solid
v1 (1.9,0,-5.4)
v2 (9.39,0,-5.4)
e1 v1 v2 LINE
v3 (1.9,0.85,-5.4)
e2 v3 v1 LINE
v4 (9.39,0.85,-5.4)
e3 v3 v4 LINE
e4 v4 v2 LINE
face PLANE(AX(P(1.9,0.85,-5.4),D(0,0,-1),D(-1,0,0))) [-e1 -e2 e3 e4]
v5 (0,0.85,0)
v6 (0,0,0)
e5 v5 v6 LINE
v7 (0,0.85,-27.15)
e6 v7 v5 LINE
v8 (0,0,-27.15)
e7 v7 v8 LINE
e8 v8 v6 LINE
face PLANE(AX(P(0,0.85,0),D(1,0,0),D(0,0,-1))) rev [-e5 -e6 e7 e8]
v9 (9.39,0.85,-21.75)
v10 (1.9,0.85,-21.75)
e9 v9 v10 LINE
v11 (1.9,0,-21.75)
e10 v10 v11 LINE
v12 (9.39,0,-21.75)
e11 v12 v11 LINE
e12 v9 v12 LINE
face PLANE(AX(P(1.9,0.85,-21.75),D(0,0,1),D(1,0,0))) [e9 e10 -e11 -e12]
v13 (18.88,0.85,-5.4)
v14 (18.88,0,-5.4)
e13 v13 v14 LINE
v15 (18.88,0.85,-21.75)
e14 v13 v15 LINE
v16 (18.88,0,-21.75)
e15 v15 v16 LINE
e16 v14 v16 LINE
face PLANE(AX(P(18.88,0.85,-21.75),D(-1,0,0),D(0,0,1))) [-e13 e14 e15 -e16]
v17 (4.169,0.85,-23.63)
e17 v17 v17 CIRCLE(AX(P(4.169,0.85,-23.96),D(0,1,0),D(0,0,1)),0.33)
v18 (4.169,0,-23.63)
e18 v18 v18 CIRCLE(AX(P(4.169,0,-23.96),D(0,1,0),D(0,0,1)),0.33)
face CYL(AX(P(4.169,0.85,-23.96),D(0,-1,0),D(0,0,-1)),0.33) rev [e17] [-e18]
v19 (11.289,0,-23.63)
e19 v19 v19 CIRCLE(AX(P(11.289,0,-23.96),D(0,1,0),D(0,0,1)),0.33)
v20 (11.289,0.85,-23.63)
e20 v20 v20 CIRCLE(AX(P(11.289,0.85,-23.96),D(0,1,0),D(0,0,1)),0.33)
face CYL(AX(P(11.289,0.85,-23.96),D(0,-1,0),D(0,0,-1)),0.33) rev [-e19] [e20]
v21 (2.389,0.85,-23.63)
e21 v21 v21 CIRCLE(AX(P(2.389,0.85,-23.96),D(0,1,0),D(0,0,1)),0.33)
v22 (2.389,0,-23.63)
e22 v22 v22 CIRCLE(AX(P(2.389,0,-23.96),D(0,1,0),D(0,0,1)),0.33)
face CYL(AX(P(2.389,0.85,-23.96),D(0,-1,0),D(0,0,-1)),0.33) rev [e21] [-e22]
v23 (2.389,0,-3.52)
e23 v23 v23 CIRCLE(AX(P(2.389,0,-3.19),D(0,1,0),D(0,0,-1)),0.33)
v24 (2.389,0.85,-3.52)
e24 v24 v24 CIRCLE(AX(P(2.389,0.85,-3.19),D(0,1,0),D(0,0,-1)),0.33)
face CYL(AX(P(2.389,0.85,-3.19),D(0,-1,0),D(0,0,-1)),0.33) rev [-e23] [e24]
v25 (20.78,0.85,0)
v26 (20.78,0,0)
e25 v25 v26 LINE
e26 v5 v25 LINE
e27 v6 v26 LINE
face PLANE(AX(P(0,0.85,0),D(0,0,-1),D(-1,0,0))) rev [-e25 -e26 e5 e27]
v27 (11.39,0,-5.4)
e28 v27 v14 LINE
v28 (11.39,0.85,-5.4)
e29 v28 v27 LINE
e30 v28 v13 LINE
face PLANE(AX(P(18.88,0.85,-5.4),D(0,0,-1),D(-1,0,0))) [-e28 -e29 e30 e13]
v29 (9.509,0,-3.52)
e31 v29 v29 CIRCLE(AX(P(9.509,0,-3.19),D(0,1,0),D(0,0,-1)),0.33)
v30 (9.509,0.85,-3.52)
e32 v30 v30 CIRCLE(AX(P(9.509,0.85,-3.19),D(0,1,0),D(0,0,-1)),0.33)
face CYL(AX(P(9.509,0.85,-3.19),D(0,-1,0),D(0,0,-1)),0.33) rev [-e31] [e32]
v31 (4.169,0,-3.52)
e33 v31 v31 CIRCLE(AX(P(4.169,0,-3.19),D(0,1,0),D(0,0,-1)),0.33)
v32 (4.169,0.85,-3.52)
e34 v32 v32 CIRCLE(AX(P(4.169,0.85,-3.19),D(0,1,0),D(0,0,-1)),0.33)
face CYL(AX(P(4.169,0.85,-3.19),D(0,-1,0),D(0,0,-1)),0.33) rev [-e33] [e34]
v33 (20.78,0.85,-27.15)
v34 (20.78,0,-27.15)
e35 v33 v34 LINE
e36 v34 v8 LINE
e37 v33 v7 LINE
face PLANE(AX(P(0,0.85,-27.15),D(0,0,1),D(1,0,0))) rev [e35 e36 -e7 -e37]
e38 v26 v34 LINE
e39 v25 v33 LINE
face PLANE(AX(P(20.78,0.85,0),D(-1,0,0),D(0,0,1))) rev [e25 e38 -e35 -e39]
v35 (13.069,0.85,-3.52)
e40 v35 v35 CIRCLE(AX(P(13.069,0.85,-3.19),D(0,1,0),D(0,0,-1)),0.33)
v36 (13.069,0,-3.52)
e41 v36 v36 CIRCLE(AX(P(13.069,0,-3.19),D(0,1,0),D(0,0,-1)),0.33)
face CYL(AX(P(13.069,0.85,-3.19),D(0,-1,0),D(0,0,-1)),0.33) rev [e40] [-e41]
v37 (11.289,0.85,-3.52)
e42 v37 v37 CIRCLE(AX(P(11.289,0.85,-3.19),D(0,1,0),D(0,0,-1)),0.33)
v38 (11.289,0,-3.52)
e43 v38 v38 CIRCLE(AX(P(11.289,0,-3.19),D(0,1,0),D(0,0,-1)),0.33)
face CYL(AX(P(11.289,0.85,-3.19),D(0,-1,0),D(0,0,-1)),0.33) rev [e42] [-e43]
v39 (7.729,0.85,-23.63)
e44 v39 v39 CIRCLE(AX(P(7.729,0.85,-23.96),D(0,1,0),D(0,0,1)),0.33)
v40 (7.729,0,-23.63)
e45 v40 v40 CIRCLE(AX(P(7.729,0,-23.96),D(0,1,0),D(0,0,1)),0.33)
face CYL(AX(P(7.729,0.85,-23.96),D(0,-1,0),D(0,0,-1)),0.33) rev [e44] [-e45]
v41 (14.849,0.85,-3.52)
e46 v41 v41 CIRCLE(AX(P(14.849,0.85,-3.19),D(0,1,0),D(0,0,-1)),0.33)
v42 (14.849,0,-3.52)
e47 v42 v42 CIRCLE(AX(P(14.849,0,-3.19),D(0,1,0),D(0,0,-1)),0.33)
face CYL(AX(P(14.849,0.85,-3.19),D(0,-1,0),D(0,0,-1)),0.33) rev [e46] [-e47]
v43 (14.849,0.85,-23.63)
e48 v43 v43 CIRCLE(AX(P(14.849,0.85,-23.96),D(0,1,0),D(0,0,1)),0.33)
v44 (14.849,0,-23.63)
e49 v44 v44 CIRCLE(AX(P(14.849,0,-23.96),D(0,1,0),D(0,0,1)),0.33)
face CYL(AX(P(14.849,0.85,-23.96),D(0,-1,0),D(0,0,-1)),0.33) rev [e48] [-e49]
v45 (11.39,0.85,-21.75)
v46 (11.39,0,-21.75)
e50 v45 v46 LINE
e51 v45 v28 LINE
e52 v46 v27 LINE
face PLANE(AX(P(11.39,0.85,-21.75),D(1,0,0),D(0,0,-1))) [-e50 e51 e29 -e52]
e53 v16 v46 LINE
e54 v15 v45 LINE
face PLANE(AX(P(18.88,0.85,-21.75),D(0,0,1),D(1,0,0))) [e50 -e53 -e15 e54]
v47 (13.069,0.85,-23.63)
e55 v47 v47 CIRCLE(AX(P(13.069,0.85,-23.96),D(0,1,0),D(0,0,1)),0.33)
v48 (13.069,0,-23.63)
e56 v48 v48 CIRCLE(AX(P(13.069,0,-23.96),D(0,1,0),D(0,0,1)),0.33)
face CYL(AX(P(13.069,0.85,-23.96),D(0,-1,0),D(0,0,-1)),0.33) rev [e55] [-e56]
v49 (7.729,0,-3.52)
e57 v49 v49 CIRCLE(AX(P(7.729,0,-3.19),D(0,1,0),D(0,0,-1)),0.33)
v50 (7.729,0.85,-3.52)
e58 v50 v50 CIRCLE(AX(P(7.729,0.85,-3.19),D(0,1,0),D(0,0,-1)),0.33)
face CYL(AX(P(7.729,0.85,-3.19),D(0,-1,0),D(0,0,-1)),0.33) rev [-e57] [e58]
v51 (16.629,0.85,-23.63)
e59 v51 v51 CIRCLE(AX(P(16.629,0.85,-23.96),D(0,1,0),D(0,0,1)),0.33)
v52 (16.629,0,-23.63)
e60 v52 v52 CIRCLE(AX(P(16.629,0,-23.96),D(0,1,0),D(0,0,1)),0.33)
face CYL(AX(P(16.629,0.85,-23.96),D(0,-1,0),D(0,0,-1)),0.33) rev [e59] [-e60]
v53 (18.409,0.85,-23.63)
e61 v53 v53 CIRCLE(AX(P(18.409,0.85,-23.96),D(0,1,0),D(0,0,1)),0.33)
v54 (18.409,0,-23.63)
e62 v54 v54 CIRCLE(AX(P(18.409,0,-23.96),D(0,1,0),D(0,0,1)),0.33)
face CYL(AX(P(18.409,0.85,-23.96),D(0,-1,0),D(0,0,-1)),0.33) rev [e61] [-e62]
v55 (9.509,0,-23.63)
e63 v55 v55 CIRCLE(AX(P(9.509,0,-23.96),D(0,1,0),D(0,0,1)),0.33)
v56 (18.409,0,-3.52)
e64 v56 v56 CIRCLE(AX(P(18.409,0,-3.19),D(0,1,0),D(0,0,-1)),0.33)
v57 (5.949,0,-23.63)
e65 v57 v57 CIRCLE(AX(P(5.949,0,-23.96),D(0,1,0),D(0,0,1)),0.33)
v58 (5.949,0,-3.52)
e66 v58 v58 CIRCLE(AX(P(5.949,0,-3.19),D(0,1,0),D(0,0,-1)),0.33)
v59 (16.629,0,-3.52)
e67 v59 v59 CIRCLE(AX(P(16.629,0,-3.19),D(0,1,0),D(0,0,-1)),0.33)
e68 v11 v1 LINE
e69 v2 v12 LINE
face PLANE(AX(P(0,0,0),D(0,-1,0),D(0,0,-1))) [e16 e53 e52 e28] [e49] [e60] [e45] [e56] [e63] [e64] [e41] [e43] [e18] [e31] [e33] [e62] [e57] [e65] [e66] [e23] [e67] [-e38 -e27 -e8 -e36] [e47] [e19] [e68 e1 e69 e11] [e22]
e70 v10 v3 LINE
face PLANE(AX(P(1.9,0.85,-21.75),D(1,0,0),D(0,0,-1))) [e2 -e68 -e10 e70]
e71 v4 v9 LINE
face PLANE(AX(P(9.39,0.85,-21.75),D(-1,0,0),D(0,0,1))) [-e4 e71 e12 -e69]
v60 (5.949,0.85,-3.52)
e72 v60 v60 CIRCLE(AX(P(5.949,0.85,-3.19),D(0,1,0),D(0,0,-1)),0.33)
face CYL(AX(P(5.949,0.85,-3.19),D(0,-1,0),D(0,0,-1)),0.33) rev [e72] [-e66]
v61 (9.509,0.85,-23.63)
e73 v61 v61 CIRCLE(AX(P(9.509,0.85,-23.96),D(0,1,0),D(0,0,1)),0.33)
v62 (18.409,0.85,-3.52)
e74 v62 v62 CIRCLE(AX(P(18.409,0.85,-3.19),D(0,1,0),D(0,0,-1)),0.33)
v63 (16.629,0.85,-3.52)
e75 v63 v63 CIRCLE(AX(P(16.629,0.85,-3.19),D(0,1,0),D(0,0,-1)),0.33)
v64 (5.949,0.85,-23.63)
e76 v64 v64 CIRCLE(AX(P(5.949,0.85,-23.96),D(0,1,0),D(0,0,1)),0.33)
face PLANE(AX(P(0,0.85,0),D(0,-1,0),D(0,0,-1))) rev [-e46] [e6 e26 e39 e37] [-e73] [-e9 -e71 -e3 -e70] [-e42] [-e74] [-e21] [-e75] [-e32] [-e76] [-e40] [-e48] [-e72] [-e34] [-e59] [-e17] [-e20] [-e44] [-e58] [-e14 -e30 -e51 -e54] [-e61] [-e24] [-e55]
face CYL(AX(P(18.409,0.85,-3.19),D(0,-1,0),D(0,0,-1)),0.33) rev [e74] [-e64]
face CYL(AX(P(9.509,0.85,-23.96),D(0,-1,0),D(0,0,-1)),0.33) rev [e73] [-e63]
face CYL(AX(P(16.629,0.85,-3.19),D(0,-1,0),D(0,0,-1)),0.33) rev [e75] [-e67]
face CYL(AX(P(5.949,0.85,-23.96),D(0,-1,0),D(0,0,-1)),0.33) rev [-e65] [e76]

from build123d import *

# Parameters (mm, degrees)
SKETCH1_W           = 20.78
SKETCH1_H           = 27.15
SKETCH1_R           = 0.33
SKETCH1_W_2         = 7.49
SKETCH1_H_2         = 16.35
BOSS_EXTRUDE1_DEPTH = 0.85


with BuildPart() as part:
    # Sketch1 → Boss-Extrude1 (new body)
    with BuildSketch(Plane(origin=(0, 0, 0), x_dir=(1, 0, 0), z_dir=(0, 1, 0))):
        with Locations((10.39, 13.575)):
            Rectangle(SKETCH1_W, SKETCH1_H)
        with Locations(Location((2.389, 23.96, 0), (0, 0, 270))):
            Circle(SKETCH1_R, mode=Mode.SUBTRACT)
        with Locations(Location((4.169, 23.96, 0), (0, 0, 270))):
            Circle(SKETCH1_R, mode=Mode.SUBTRACT)
        with Locations(Location((5.949, 23.96, 0), (0, 0, 270))):
            Circle(SKETCH1_R, mode=Mode.SUBTRACT)
        with Locations(Location((7.729, 23.96, 0), (0, 0, 270))):
            Circle(SKETCH1_R, mode=Mode.SUBTRACT)
        with Locations(Location((9.509, 23.96, 0), (0, 0, 270))):
            Circle(SKETCH1_R, mode=Mode.SUBTRACT)
        with Locations(Location((11.289, 23.96, 0), (0, 0, 270))):
            Circle(SKETCH1_R, mode=Mode.SUBTRACT)
        with Locations(Location((13.069, 23.96, 0), (0, 0, 270))):
            Circle(SKETCH1_R, mode=Mode.SUBTRACT)
        with Locations(Location((14.849, 23.96, 0), (0, 0, 270))):
            Circle(SKETCH1_R, mode=Mode.SUBTRACT)
        with Locations(Location((16.629, 23.96, 0), (0, 0, 270))):
            Circle(SKETCH1_R, mode=Mode.SUBTRACT)
        with Locations(Location((18.409, 23.96, 0), (0, 0, 270))):
            Circle(SKETCH1_R, mode=Mode.SUBTRACT)
        with Locations(Location((18.409, 3.19, 0), (0, 0, 90))):
            Circle(SKETCH1_R, mode=Mode.SUBTRACT)
        with Locations(Location((16.629, 3.19, 0), (0, 0, 90))):
            Circle(SKETCH1_R, mode=Mode.SUBTRACT)
        with Locations(Location((14.849, 3.19, 0), (0, 0, 90))):
            Circle(SKETCH1_R, mode=Mode.SUBTRACT)
        with Locations(Location((13.069, 3.19, 0), (0, 0, 90))):
            Circle(SKETCH1_R, mode=Mode.SUBTRACT)
        with Locations(Location((11.289, 3.19, 0), (0, 0, 90))):
            Circle(SKETCH1_R, mode=Mode.SUBTRACT)
        with Locations(Location((9.509, 3.19, 0), (0, 0, 90))):
            Circle(SKETCH1_R, mode=Mode.SUBTRACT)
        with Locations(Location((7.729, 3.19, 0), (0, 0, 90))):
            Circle(SKETCH1_R, mode=Mode.SUBTRACT)
        with Locations(Location((5.949, 3.19, 0), (0, 0, 90))):
            Circle(SKETCH1_R, mode=Mode.SUBTRACT)
        with Locations(Location((4.169, 3.19, 0), (0, 0, 90))):
            Circle(SKETCH1_R, mode=Mode.SUBTRACT)
        with Locations(Location((2.389, 3.19, 0), (0, 0, 90))):
            Circle(SKETCH1_R, mode=Mode.SUBTRACT)
        with Locations((15.135, 13.575)):
            Rectangle(SKETCH1_W_2, SKETCH1_H_2, mode=Mode.SUBTRACT)
        with Locations((5.645, 13.575)):
            Rectangle(SKETCH1_W_2, SKETCH1_H_2, mode=Mode.SUBTRACT)
    extrude(amount=BOSS_EXTRUDE1_DEPTH)


solid = part.part
